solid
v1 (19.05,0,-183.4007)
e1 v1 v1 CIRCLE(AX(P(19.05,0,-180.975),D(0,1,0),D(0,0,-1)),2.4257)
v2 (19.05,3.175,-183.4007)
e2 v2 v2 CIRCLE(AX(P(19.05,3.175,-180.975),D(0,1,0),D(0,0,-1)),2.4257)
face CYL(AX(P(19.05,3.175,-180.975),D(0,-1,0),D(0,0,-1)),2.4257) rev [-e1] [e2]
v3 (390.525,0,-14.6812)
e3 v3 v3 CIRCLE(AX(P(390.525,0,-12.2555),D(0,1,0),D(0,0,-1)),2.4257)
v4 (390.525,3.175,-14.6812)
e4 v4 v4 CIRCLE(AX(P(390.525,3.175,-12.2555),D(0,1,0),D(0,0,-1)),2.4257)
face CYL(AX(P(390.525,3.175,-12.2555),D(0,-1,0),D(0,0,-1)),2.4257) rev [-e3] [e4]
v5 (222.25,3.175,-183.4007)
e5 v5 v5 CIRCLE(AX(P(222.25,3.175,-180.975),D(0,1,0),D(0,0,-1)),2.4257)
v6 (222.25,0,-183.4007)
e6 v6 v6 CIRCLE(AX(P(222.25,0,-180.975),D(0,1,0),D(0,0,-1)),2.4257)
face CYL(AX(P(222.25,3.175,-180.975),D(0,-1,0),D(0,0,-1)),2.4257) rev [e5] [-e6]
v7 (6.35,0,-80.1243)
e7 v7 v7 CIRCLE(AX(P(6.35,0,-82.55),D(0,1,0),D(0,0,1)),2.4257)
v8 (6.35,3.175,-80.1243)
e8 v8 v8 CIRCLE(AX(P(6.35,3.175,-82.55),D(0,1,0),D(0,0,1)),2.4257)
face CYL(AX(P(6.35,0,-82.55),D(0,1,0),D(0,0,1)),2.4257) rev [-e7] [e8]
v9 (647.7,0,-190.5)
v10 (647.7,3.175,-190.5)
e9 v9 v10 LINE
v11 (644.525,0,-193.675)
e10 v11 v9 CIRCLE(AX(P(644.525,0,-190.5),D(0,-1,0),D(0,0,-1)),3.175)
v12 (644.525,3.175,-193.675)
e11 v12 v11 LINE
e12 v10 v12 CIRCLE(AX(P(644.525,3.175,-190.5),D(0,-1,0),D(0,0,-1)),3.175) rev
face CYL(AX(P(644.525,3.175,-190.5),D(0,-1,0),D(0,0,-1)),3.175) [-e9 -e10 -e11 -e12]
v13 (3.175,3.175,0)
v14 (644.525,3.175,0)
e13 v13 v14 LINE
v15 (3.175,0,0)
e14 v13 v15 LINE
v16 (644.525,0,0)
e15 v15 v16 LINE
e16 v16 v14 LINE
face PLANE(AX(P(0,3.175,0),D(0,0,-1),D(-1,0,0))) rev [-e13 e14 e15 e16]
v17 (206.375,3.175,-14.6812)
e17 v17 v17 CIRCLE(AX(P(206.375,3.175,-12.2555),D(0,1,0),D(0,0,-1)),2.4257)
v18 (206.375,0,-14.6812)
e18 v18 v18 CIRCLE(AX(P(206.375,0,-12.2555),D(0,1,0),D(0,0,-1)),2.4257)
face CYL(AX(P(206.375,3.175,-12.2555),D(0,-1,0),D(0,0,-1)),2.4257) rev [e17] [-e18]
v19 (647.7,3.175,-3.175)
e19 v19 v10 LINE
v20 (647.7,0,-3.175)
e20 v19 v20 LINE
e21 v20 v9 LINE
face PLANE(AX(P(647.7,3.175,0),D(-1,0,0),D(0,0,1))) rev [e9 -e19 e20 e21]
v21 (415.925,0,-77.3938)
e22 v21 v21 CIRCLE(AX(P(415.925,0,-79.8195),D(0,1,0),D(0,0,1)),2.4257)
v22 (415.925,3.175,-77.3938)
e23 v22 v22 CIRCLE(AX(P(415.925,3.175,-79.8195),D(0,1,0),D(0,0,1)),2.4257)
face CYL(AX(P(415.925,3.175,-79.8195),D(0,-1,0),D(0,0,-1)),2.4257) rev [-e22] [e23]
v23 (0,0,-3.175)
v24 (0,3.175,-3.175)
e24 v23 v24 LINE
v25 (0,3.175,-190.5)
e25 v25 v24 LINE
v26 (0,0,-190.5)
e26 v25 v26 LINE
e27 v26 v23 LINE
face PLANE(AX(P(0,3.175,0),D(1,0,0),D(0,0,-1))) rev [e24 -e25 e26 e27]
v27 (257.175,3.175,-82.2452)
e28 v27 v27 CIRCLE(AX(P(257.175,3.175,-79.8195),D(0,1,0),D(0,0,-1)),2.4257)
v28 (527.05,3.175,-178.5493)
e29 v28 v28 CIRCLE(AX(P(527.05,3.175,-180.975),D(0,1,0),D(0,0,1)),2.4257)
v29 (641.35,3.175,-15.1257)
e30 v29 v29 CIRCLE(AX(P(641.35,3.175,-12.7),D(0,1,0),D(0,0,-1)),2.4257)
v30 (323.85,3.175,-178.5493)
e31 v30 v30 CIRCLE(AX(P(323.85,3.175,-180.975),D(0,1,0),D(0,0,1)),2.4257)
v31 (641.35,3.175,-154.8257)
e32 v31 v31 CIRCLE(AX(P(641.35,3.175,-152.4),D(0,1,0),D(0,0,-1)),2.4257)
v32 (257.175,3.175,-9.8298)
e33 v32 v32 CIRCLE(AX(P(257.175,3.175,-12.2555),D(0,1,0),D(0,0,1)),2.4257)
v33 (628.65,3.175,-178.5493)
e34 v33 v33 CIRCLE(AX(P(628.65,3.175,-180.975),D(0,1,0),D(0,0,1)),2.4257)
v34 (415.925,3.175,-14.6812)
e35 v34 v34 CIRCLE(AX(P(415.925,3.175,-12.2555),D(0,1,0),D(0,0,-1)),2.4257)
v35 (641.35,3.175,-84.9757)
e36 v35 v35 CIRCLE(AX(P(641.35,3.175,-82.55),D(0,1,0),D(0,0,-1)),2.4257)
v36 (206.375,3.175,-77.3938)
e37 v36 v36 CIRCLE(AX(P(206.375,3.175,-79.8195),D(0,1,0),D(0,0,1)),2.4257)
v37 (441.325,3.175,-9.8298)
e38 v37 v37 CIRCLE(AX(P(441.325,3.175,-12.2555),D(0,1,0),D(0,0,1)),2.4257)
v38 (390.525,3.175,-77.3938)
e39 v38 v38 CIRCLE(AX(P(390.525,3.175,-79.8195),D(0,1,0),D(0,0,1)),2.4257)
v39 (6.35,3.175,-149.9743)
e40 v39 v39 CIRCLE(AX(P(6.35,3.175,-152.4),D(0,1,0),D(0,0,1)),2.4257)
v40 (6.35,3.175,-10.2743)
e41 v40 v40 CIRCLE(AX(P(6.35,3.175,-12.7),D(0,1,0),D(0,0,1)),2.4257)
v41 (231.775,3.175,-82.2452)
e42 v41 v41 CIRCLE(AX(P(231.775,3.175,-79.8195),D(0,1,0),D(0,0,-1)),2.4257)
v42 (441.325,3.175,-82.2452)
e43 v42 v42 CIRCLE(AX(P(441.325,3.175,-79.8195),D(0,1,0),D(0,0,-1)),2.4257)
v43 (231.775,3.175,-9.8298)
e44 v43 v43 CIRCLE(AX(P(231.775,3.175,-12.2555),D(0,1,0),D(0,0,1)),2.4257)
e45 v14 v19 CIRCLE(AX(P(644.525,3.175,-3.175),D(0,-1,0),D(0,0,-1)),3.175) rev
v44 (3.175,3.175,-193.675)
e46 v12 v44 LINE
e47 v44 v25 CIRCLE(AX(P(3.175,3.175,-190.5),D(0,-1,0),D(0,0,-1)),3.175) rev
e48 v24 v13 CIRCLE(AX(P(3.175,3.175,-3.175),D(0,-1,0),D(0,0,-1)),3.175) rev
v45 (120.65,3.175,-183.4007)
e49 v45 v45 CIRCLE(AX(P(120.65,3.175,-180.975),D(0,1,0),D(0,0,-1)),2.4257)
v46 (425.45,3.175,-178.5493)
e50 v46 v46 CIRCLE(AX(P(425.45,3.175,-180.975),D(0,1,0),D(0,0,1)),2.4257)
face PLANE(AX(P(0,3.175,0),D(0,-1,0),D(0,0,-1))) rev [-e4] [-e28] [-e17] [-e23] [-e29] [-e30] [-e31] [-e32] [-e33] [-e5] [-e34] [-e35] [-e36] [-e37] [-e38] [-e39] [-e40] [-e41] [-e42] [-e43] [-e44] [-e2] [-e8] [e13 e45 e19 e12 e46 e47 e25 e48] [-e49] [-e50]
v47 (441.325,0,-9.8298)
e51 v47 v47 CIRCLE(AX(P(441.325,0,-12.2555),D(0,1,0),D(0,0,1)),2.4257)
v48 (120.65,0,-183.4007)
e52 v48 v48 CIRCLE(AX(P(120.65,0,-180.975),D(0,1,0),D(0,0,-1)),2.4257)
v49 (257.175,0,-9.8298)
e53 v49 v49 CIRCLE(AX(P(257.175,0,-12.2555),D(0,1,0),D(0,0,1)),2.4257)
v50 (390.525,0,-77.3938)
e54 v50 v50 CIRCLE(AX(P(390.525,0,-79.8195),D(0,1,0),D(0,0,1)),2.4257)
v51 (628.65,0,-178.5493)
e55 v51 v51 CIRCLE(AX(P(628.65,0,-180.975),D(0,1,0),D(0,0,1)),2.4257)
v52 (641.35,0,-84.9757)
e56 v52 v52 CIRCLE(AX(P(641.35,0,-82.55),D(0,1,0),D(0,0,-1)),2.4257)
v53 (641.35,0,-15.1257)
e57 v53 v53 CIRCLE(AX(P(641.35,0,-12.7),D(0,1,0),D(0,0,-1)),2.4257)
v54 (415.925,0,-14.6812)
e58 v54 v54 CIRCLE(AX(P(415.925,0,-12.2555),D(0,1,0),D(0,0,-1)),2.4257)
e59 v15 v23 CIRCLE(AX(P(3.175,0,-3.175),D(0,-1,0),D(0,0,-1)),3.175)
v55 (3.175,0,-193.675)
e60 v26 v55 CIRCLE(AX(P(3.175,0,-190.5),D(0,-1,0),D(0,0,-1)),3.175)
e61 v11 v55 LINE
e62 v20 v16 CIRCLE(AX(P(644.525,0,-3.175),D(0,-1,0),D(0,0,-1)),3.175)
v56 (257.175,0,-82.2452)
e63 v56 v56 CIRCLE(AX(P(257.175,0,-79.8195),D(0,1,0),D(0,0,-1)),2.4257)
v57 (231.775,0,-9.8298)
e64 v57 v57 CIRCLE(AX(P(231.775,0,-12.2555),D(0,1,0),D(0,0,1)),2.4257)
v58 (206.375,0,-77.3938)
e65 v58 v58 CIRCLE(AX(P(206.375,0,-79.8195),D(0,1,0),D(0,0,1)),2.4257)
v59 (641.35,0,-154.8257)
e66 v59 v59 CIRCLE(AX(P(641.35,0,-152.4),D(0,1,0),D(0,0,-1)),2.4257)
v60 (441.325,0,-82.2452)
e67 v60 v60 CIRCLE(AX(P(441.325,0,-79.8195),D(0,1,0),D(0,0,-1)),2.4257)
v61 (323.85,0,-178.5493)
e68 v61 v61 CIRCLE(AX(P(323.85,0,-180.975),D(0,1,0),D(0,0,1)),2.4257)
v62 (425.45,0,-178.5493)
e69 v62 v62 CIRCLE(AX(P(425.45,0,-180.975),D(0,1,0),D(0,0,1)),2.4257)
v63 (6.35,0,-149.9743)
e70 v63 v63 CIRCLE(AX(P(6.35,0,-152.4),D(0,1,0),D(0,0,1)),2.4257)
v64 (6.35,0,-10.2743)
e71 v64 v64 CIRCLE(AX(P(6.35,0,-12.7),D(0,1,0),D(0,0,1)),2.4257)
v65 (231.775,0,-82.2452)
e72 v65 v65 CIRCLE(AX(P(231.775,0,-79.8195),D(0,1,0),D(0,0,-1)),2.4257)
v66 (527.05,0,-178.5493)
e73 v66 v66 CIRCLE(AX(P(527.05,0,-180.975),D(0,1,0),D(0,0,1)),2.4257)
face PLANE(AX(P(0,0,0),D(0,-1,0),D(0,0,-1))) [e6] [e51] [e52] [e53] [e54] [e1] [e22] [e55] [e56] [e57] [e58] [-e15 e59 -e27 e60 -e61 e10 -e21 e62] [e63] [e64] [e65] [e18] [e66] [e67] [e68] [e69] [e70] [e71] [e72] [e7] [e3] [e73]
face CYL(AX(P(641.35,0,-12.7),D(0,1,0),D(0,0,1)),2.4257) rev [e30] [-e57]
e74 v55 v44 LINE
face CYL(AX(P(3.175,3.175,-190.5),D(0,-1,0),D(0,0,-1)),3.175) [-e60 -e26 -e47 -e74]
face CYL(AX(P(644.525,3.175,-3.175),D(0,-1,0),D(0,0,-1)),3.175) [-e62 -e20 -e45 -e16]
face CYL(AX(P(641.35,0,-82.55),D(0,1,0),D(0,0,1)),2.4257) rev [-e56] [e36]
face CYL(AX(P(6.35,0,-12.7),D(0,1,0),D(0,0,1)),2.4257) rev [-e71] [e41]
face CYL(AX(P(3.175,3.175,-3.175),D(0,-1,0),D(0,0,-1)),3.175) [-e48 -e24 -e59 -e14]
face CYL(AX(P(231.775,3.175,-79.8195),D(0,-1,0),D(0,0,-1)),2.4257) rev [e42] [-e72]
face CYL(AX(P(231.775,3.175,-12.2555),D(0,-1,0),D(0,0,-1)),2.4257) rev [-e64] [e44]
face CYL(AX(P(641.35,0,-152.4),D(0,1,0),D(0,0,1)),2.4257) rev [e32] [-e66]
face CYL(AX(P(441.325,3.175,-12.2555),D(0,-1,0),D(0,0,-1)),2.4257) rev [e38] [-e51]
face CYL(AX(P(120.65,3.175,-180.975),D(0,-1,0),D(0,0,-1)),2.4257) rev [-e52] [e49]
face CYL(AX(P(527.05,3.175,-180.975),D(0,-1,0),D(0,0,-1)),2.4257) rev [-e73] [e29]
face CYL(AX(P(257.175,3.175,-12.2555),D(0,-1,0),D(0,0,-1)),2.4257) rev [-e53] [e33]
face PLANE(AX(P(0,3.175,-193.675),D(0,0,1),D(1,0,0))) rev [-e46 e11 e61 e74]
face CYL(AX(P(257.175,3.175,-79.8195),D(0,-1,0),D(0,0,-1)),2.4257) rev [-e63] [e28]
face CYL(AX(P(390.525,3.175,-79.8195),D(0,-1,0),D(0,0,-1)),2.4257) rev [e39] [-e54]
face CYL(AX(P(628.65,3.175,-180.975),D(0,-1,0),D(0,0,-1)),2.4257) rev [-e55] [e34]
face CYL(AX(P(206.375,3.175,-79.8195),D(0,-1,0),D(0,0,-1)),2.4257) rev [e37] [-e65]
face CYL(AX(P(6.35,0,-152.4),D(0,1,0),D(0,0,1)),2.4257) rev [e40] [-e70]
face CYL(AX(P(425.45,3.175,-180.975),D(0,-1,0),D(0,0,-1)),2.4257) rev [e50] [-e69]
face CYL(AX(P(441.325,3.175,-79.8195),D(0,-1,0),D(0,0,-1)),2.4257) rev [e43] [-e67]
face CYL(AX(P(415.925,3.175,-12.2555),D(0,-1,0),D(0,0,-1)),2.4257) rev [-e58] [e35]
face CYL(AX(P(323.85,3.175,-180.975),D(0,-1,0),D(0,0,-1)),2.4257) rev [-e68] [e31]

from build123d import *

# Parameters (mm, degrees)
SKETCH1_W           = 647.7
SKETCH1_H           = 193.675
SKETCH1_R           = 2.4257
BOSS_EXTRUDE1_DEPTH = 3.175
SKETCH2_R           = 2.4257
CUT_EXTRUDE1_DEPTH  = 677.043915918
FILLET1_R           = 3.175


with BuildPart() as part:
    # Sketch1 → Boss-Extrude1 (new body)
    with BuildSketch(Plane(origin=(0, 0, 0), x_dir=(1, 0, 0), z_dir=(0, 1, 0))):
        with Locations((323.85, 96.8375)):
            Rectangle(SKETCH1_W, SKETCH1_H)
        with Locations(Location((231.775, 12.2555, 0), (0, 0, 270))):
            Circle(SKETCH1_R, mode=Mode.SUBTRACT)
        with Locations(Location((257.175, 12.2555, 0), (0, 0, 270))):
            Circle(SKETCH1_R, mode=Mode.SUBTRACT)
        with Locations(Location((206.375, 12.2555, 0), (0, 0, 90))):
            Circle(SKETCH1_R, mode=Mode.SUBTRACT)
        with Locations(Location((257.175, 79.8195, 0), (0, 0, 90))):
            Circle(SKETCH1_R, mode=Mode.SUBTRACT)
        with Locations(Location((231.775, 79.8195, 0), (0, 0, 90))):
            Circle(SKETCH1_R, mode=Mode.SUBTRACT)
        with Locations(Location((206.375, 79.8195, 0), (0, 0, 270))):
            Circle(SKETCH1_R, mode=Mode.SUBTRACT)
        with Locations(Location((323.85, 180.975, 0), (0, 0, 270))):
            Circle(SKETCH1_R, mode=Mode.SUBTRACT)
        with Locations(Location((425.45, 180.975, 0), (0, 0, 270))):
            Circle(SKETCH1_R, mode=Mode.SUBTRACT)
        with Locations(Location((527.05, 180.975, 0), (0, 0, 270))):
            Circle(SKETCH1_R, mode=Mode.SUBTRACT)
        with Locations(Location((120.65, 180.975, 0), (0, 0, 90))):
            Circle(SKETCH1_R, mode=Mode.SUBTRACT)
        with Locations(Location((222.25, 180.975, 0), (0, 0, 90))):
            Circle(SKETCH1_R, mode=Mode.SUBTRACT)
        with Locations(Location((628.65, 180.975, 0), (0, 0, 270))):
            Circle(SKETCH1_R, mode=Mode.SUBTRACT)
        with Locations(Location((19.05, 180.975, 0), (0, 0, 90))):
            Circle(SKETCH1_R, mode=Mode.SUBTRACT)
        with Locations(Location((441.325, 79.8195, 0), (0, 0, 90))):
            Circle(SKETCH1_R, mode=Mode.SUBTRACT)
        with Locations(Location((415.925, 79.8195, 0), (0, 0, 270))):
            Circle(SKETCH1_R, mode=Mode.SUBTRACT)
        with Locations(Location((390.525, 79.8195, 0), (0, 0, 270))):
            Circle(SKETCH1_R, mode=Mode.SUBTRACT)
        with Locations(Location((441.325, 12.2555, 0), (0, 0, 270))):
            Circle(SKETCH1_R, mode=Mode.SUBTRACT)
        with Locations(Location((390.525, 12.2555, 0), (0, 0, 90))):
            Circle(SKETCH1_R, mode=Mode.SUBTRACT)
        with Locations(Location((415.925, 12.2555, 0), (0, 0, 90))):
            Circle(SKETCH1_R, mode=Mode.SUBTRACT)
    extrude(amount=BOSS_EXTRUDE1_DEPTH)

    # Sketch2 → Cut-Extrude1 (cut, through all)
    with BuildSketch(Plane(origin=(0, 3.175, 0), x_dir=(1, 0, 0), z_dir=(0, 1, 0))):
        with Locations(Location((6.35, 12.7, 0), (0, 0, 270))):
            Circle(SKETCH2_R)
        with Locations(Location((6.35, 82.55, 0), (0, 0, 270))):
            Circle(SKETCH2_R)
        with Locations(Location((6.35, 152.4, 0), (0, 0, 270))):
            Circle(SKETCH2_R)
        with Locations((6.35, 222.25)):
            Circle(SKETCH2_R)
        with Locations((641.35, 222.25)):
            Circle(SKETCH2_R)
        with Locations(Location((641.35, 152.4, 0), (0, 0, 90))):
            Circle(SKETCH2_R)
        with Locations(Location((641.35, 82.55, 0), (0, 0, 90))):
            Circle(SKETCH2_R)
        with Locations(Location((641.35, 12.7, 0), (0, 0, 90))):
            Circle(SKETCH2_R)
    extrude(amount=-CUT_EXTRUDE1_DEPTH, mode=Mode.SUBTRACT)

    # Fillet1
    fillet1_edges = [part.edges().sort_by_distance(p)[0] for p in [
        (0, 1.5875, -193.675),
        (647.7, 1.5875, -193.675),
        (647.7, 1.5875, 0),
        (0, 1.5875, 0),
    ]]
    fillet(fillet1_edges, radius=FILLET1_R)


solid = part.part
